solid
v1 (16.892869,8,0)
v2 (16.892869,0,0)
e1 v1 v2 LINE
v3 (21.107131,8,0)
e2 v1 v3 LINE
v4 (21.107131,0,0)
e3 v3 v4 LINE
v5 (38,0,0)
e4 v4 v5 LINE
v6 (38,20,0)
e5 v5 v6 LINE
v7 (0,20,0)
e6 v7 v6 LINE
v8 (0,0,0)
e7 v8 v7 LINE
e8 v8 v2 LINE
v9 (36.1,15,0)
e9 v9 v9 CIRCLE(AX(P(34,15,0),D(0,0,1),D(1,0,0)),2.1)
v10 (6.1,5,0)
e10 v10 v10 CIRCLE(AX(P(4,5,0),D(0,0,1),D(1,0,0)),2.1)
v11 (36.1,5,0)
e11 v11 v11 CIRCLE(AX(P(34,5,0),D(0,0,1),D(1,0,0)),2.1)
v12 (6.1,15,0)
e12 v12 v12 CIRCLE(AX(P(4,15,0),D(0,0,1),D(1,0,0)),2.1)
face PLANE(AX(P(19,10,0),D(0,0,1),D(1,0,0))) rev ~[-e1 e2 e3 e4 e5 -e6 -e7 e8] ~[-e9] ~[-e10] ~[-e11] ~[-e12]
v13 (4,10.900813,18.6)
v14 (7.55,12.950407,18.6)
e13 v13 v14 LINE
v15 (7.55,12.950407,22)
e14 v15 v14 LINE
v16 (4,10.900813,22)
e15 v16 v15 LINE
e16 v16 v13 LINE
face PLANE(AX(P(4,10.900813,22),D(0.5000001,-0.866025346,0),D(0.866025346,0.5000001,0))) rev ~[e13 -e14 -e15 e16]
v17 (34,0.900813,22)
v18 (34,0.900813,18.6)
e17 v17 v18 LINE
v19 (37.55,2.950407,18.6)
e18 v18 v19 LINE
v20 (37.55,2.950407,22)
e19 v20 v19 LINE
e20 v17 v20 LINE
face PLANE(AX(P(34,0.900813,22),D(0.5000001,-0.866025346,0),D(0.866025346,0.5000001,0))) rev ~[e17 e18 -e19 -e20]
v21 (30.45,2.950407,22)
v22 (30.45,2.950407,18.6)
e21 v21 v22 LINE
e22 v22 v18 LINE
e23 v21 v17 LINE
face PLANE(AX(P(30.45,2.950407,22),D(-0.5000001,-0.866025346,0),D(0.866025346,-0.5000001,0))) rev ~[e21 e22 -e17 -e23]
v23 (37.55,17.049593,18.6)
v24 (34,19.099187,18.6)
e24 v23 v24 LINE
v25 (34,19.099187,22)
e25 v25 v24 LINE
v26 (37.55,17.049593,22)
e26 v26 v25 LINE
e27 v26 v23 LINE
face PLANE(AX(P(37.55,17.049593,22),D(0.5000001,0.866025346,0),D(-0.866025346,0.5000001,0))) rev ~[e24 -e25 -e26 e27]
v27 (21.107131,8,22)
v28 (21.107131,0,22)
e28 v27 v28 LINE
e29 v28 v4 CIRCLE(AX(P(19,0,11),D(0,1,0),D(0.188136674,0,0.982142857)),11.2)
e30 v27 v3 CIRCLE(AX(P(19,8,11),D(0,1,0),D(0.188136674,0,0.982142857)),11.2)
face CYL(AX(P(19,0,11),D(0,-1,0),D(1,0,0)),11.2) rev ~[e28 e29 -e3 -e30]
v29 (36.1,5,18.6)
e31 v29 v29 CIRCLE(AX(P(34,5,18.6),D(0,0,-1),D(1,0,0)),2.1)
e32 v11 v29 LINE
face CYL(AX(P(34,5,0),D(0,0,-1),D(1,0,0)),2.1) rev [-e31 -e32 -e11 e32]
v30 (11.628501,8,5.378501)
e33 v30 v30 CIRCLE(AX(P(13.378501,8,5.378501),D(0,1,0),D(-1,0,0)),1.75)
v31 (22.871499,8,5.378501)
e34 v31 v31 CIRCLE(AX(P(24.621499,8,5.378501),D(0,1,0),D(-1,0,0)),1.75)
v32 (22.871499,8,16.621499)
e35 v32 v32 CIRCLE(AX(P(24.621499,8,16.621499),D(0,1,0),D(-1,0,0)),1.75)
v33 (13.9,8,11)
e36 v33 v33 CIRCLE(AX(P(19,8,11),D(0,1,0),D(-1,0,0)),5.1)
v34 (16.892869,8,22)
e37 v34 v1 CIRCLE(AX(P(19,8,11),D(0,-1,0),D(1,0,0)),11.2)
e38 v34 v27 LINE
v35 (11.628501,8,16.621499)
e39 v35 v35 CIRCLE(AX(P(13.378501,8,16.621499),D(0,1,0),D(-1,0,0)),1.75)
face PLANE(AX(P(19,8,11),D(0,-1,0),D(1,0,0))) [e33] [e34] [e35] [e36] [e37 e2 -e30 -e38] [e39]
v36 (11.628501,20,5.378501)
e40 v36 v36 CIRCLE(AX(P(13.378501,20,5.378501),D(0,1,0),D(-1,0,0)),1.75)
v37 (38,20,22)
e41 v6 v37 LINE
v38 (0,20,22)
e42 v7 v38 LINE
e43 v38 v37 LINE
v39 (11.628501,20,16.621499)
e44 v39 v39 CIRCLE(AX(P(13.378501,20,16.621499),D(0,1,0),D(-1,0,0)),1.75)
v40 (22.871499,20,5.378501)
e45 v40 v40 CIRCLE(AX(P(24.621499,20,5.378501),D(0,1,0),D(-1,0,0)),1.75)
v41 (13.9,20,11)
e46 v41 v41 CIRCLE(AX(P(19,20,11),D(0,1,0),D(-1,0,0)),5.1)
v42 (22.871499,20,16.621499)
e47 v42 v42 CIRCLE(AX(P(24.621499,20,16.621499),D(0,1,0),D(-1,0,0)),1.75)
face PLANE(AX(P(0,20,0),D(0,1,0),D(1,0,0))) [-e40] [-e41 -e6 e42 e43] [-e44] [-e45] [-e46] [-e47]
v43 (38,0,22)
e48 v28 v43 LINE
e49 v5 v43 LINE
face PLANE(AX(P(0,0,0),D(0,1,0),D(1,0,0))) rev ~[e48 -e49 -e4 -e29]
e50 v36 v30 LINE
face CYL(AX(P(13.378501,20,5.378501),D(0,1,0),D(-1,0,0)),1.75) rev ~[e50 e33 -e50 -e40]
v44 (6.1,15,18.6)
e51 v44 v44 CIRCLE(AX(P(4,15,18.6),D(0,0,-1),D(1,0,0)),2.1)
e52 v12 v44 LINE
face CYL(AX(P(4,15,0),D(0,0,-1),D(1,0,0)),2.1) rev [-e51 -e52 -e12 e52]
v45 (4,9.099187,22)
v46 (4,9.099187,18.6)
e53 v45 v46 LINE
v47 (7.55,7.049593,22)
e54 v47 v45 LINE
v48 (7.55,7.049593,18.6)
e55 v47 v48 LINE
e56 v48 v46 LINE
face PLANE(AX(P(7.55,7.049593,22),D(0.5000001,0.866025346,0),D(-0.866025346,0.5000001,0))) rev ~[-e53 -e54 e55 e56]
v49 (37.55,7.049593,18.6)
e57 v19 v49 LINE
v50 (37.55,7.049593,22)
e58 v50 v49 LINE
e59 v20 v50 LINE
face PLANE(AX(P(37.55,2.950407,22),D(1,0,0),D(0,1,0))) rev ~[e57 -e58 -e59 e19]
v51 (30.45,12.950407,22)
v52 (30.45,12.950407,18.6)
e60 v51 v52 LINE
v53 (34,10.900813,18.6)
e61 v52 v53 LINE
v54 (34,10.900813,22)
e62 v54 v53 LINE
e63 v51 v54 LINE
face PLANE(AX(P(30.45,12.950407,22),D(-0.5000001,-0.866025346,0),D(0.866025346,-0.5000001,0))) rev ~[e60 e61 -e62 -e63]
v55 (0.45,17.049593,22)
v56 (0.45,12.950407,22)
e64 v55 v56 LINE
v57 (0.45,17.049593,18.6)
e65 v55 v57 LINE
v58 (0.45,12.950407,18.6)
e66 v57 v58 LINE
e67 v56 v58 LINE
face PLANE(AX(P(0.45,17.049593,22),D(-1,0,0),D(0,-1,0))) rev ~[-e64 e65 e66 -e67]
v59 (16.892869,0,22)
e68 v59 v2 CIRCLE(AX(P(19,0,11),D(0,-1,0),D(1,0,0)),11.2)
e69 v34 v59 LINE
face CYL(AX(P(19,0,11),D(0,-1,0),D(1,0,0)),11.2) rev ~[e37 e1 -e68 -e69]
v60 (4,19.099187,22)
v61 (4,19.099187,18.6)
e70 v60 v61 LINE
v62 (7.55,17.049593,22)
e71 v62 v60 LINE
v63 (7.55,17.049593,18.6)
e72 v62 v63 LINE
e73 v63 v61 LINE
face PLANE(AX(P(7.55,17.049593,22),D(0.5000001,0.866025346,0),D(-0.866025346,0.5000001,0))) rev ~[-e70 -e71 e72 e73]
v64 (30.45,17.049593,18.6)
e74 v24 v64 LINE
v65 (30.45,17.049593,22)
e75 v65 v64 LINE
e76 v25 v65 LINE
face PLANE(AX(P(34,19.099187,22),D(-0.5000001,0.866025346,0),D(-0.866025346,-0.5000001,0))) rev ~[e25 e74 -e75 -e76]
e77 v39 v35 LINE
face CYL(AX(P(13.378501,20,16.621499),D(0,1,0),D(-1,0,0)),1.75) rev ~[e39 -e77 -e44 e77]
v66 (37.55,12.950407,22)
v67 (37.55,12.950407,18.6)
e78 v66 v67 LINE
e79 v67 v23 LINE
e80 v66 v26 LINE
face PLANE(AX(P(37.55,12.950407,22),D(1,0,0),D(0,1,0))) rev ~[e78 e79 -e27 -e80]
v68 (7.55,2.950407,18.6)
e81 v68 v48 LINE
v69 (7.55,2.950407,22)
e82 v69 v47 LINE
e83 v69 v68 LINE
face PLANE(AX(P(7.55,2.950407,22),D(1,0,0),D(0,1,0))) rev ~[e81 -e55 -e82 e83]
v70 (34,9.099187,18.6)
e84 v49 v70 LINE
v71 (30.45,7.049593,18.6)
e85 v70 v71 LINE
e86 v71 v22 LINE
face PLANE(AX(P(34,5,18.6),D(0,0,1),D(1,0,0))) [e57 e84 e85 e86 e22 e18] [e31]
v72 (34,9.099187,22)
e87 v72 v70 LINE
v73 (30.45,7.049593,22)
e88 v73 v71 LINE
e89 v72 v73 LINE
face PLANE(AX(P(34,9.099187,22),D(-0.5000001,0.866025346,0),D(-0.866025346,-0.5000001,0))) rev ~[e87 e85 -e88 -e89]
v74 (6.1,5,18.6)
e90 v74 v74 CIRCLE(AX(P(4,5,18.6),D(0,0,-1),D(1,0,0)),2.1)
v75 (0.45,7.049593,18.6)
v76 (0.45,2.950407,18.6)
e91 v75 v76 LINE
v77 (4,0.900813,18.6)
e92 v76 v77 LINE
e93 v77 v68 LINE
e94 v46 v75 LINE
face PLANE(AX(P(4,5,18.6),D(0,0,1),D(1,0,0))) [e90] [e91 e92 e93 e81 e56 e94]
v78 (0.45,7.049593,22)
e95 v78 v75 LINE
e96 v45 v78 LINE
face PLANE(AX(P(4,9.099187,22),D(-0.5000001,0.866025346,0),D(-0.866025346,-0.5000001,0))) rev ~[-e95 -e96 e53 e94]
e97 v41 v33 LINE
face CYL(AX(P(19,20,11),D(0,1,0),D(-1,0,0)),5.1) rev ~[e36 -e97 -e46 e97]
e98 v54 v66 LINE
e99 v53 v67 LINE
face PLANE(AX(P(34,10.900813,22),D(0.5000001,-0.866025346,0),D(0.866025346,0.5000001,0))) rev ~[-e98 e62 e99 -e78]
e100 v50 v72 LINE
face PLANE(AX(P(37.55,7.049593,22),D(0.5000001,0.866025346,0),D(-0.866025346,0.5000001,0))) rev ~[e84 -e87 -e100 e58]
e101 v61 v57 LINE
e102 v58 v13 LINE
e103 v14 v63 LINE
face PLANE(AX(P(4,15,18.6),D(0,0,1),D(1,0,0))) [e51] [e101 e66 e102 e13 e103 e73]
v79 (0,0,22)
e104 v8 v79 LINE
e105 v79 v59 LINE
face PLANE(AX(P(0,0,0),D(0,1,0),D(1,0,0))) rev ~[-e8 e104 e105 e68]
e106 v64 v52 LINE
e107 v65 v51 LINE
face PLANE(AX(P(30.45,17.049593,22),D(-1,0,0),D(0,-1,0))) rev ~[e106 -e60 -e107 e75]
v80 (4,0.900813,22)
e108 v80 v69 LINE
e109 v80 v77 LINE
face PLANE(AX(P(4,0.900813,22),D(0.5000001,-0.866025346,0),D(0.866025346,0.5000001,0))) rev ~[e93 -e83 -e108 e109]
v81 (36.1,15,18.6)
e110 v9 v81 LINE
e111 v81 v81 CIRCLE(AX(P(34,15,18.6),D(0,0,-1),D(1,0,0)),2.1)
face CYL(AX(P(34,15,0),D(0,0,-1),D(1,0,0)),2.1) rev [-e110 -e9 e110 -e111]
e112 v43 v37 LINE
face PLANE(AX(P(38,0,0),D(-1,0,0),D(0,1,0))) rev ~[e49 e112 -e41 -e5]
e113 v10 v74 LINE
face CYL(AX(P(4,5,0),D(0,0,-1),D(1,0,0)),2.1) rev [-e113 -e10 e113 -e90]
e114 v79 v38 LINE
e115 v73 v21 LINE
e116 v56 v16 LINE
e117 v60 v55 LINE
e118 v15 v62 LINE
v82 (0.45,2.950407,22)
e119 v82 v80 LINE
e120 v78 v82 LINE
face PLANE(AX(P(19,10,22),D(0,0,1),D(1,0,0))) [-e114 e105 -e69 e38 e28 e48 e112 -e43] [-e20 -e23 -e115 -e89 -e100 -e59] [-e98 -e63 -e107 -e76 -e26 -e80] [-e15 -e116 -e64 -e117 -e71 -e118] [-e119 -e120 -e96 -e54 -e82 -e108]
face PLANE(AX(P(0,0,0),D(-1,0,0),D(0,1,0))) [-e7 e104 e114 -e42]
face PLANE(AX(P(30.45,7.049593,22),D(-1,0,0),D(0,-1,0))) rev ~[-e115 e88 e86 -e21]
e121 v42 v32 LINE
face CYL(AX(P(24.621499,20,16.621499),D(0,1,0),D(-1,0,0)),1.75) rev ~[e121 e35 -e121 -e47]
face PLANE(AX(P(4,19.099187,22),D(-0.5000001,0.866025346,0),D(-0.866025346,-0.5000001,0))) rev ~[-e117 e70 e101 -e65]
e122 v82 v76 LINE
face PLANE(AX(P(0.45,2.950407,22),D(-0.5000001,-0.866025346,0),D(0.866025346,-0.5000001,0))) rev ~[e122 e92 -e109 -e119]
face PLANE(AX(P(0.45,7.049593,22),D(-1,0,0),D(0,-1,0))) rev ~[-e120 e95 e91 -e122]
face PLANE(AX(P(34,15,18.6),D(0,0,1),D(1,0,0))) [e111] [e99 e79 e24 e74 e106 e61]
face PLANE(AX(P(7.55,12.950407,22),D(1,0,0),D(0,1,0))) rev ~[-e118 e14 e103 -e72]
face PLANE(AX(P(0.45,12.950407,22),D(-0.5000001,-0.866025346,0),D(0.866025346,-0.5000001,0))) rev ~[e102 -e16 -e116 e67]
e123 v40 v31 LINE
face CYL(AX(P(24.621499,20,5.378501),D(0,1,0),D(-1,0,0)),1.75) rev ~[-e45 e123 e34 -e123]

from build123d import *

# Parameters (mm, degrees)
SKETCH_W        = 38
SKETCH_H        = 20
SKETCH_R        = 2.1
PAD_DEPTH       = 22
SKETCH001_R     = 11.2
POCKET_DEPTH    = 8
SKETCH002_R     = 5.1
SKETCH002_R_2   = 1.75
POCKET001_DEPTH = 20
POCKET002_DEPTH = 3.4


with BuildPart() as part:
    # Sketch → Pad (new body)
    with BuildSketch(Plane.XY):
        with Locations((19, 10)):
            Rectangle(SKETCH_W, SKETCH_H)
        with Locations((4, 15)):
            Circle(SKETCH_R, mode=Mode.SUBTRACT)
        with Locations((4, 5)):
            Circle(SKETCH_R, mode=Mode.SUBTRACT)
        with Locations((34, 15)):
            Circle(SKETCH_R, mode=Mode.SUBTRACT)
        with Locations((34, 5)):
            Circle(SKETCH_R, mode=Mode.SUBTRACT)
    extrude(amount=PAD_DEPTH)

    # Sketch001 (on Face3 of Pad) → Pocket (cut)
    with BuildSketch(Plane.XZ):
        with Locations((19, 11)):
            Circle(SKETCH001_R)
    extrude(amount=-POCKET_DEPTH, mode=Mode.SUBTRACT)

    # Sketch002 (on Face1 of Pocket) → Pocket001 (cut)
    with BuildSketch(Plane(origin=(0, 20, 0), x_dir=(-1, 0, 0), z_dir=(0, 1, 0))):
        with Locations((-19, 11)):
            Circle(SKETCH002_R)
        with Locations((-13.378501, 16.621499)):
            Circle(SKETCH002_R_2)
        with Locations((-24.621499, 5.378501)):
            Circle(SKETCH002_R_2)
        with Locations((-24.621499, 16.621499)):
            Circle(SKETCH002_R_2)
        with Locations((-13.378501, 5.378501)):
            Circle(SKETCH002_R_2)
    extrude(amount=-POCKET001_DEPTH, mode=Mode.SUBTRACT)

    # Sketch003 (on Face4 of Pocket001) → Pocket002 (cut)
    with BuildSketch(Plane.XY.offset(22)):
        Polygon((4, 10.900813), (7.55, 12.950407), (7.55, 17.049593), (4, 19.099187), (0.45, 17.049593), (0.45, 12.950407), align=None)
        Polygon((34, 10.900813), (37.55, 12.950407), (37.55, 17.049593), (34, 19.099187), (30.45, 17.049593), (30.45, 12.950407), align=None)
        Polygon((34, 9.099187), (30.45, 7.049593), (30.45, 2.950407), (34, 0.900813), (37.55, 2.950407), (37.55, 7.049593), align=None)
        Polygon((4, 9.099187), (0.45, 7.049593), (0.45, 2.950407), (4, 0.900813), (7.55, 2.950407), (7.55, 7.049593), align=None)
    extrude(amount=-POCKET002_DEPTH, mode=Mode.SUBTRACT)


solid = part.part
